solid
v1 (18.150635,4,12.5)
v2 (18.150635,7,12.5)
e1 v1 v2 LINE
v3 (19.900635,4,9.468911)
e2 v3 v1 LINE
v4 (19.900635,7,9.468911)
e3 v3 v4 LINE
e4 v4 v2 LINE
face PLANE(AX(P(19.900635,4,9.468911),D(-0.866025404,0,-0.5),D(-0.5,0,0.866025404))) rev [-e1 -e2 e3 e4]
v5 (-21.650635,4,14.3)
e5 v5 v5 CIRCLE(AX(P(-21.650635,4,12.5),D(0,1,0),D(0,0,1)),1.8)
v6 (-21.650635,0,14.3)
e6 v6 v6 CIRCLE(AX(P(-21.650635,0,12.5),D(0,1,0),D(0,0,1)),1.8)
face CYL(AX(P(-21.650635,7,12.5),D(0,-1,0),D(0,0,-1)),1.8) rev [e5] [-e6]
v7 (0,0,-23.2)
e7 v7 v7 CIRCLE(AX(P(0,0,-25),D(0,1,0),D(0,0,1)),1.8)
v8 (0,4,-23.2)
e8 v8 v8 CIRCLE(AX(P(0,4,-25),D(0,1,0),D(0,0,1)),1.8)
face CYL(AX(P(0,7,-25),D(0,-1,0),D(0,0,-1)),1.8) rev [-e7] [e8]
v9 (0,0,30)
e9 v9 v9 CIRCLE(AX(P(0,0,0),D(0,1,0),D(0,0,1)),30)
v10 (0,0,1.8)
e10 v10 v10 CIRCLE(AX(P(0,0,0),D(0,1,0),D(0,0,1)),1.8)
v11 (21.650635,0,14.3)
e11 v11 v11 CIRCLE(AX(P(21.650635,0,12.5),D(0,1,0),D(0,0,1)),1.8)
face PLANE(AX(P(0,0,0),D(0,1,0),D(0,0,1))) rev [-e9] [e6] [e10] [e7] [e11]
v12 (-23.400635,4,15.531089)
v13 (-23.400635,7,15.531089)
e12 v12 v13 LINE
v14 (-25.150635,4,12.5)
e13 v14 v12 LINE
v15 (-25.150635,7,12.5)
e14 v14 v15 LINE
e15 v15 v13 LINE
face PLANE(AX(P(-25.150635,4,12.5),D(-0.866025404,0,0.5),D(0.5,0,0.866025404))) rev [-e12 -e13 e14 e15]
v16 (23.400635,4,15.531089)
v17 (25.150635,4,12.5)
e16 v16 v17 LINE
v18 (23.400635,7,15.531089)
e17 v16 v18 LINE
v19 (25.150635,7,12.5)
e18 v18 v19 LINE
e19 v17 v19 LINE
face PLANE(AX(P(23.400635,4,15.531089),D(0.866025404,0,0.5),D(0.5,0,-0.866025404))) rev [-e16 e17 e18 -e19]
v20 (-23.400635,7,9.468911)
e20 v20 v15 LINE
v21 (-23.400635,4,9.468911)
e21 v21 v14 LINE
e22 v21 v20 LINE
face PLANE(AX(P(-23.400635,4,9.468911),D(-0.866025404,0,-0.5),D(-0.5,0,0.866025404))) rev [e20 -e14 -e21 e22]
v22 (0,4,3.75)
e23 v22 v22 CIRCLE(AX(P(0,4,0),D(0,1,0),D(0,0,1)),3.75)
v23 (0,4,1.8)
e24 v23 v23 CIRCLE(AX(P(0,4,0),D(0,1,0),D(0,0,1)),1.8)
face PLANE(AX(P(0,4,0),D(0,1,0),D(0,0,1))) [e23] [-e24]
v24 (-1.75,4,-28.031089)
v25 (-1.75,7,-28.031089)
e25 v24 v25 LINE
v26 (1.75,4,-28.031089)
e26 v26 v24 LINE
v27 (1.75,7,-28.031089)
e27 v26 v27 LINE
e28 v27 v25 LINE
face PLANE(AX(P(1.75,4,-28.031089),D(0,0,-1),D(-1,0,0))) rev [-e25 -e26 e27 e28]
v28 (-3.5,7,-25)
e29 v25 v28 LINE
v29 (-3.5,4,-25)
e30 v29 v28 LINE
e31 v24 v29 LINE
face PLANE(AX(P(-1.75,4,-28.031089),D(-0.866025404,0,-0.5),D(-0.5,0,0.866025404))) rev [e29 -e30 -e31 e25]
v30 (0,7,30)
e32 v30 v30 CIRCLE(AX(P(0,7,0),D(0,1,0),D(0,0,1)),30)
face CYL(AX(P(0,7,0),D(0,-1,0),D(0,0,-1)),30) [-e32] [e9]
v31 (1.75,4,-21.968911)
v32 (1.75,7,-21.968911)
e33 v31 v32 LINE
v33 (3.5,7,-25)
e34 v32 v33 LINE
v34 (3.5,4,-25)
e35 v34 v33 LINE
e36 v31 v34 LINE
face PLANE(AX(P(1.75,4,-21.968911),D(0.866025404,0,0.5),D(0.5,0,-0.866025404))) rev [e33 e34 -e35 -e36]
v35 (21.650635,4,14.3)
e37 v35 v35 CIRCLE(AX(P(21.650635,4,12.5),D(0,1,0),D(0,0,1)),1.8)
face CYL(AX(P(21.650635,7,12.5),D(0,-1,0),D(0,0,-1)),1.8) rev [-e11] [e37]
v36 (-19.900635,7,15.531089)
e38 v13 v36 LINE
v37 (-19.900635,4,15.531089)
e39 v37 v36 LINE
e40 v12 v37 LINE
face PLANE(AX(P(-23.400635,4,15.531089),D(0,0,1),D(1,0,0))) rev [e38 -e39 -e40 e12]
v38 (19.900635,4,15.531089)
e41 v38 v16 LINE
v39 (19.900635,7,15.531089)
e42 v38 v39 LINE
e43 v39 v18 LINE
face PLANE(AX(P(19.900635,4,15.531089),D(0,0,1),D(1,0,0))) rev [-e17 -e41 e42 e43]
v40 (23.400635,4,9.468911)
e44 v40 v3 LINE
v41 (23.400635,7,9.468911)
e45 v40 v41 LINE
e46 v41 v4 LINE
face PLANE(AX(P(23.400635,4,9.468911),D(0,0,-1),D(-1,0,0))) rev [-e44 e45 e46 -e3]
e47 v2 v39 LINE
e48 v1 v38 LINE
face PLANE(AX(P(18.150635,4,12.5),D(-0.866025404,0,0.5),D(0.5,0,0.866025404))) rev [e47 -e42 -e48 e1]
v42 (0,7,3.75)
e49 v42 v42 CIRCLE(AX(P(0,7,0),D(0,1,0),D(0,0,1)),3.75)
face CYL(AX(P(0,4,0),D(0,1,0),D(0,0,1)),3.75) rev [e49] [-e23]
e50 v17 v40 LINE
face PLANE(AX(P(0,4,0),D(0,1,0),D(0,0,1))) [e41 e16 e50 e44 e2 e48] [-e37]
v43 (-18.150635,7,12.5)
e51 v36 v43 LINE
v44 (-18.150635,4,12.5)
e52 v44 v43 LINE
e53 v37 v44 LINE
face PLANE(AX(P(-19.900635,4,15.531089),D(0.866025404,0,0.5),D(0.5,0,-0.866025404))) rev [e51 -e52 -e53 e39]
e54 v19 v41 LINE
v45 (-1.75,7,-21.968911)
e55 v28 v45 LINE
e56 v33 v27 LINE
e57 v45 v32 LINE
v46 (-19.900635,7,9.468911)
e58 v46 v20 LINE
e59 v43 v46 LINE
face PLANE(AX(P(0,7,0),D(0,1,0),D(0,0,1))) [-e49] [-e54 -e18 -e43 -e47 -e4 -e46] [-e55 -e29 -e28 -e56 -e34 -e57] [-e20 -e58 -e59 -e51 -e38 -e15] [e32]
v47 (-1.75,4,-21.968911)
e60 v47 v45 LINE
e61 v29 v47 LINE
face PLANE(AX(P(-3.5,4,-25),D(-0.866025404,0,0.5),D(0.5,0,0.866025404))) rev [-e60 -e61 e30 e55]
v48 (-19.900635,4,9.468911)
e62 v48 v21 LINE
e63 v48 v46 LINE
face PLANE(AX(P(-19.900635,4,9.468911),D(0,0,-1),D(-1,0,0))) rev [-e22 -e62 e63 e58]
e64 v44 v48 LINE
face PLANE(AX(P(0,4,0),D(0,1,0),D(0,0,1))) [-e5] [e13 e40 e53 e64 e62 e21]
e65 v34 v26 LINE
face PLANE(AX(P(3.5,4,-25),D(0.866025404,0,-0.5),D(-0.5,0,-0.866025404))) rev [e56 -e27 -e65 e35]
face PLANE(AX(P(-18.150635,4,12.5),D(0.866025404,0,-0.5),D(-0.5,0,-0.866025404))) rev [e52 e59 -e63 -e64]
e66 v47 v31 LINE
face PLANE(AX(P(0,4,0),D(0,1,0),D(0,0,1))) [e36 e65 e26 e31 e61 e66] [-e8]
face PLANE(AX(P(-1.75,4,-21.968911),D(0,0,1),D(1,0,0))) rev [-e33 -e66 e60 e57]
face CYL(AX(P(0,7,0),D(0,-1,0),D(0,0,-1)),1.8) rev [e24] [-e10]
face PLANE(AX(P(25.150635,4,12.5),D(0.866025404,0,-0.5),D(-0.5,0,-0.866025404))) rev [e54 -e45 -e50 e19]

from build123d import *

# Parameters (mm, degrees)
SKETCH1_R           = 30
SKETCH1_R_2         = 1.8
BOSS_EXTRUDE1_DEPTH = 7
SKETCH2_R           = 3.75
CUT_EXTRUDE1_DEPTH  = 3


with BuildPart() as part:
    # Sketch1 → Boss-Extrude1 (new body)
    with BuildSketch(Plane(origin=(0, 0, 0), x_dir=(1, 0, 0), z_dir=(0, 1, 0))):
        Circle(SKETCH1_R)
        Circle(SKETCH1_R_2, mode=Mode.SUBTRACT)
        with Locations((0, 25)):
            Circle(SKETCH1_R_2, mode=Mode.SUBTRACT)
        with Locations((21.650635095, -12.5)):
            Circle(SKETCH1_R_2, mode=Mode.SUBTRACT)
        with Locations((-21.650635095, -12.5)):
            Circle(SKETCH1_R_2, mode=Mode.SUBTRACT)
    extrude(amount=BOSS_EXTRUDE1_DEPTH)

    # Sketch2 → Cut-Extrude1 (cut)
    with BuildSketch(Plane(origin=(0, 7, 0), x_dir=(1, 0, 0), z_dir=(0, 1, 0))):
        Circle(SKETCH2_R)
        Polygon((19.900635095, -15.531088913), (23.400635095, -15.531088913), (25.150635095, -12.5), (23.400635095, -9.468911087), (19.900635095, -9.468911087), (18.150635095, -12.5), align=None)
        Polygon((3.5, 25), (1.75, 28.031088913), (-1.75, 28.031088913), (-3.5, 25), (-1.75, 21.968911087), (1.75, 21.968911087), align=None)
        Polygon((-23.400635095, -9.468911087), (-25.150635095, -12.5), (-23.400635095, -15.531088913), (-19.900635095, -15.531088913), (-18.150635095, -12.5), (-19.900635095, -9.468911087), align=None)
    extrude(amount=-CUT_EXTRUDE1_DEPTH, mode=Mode.SUBTRACT)


solid = part.part
